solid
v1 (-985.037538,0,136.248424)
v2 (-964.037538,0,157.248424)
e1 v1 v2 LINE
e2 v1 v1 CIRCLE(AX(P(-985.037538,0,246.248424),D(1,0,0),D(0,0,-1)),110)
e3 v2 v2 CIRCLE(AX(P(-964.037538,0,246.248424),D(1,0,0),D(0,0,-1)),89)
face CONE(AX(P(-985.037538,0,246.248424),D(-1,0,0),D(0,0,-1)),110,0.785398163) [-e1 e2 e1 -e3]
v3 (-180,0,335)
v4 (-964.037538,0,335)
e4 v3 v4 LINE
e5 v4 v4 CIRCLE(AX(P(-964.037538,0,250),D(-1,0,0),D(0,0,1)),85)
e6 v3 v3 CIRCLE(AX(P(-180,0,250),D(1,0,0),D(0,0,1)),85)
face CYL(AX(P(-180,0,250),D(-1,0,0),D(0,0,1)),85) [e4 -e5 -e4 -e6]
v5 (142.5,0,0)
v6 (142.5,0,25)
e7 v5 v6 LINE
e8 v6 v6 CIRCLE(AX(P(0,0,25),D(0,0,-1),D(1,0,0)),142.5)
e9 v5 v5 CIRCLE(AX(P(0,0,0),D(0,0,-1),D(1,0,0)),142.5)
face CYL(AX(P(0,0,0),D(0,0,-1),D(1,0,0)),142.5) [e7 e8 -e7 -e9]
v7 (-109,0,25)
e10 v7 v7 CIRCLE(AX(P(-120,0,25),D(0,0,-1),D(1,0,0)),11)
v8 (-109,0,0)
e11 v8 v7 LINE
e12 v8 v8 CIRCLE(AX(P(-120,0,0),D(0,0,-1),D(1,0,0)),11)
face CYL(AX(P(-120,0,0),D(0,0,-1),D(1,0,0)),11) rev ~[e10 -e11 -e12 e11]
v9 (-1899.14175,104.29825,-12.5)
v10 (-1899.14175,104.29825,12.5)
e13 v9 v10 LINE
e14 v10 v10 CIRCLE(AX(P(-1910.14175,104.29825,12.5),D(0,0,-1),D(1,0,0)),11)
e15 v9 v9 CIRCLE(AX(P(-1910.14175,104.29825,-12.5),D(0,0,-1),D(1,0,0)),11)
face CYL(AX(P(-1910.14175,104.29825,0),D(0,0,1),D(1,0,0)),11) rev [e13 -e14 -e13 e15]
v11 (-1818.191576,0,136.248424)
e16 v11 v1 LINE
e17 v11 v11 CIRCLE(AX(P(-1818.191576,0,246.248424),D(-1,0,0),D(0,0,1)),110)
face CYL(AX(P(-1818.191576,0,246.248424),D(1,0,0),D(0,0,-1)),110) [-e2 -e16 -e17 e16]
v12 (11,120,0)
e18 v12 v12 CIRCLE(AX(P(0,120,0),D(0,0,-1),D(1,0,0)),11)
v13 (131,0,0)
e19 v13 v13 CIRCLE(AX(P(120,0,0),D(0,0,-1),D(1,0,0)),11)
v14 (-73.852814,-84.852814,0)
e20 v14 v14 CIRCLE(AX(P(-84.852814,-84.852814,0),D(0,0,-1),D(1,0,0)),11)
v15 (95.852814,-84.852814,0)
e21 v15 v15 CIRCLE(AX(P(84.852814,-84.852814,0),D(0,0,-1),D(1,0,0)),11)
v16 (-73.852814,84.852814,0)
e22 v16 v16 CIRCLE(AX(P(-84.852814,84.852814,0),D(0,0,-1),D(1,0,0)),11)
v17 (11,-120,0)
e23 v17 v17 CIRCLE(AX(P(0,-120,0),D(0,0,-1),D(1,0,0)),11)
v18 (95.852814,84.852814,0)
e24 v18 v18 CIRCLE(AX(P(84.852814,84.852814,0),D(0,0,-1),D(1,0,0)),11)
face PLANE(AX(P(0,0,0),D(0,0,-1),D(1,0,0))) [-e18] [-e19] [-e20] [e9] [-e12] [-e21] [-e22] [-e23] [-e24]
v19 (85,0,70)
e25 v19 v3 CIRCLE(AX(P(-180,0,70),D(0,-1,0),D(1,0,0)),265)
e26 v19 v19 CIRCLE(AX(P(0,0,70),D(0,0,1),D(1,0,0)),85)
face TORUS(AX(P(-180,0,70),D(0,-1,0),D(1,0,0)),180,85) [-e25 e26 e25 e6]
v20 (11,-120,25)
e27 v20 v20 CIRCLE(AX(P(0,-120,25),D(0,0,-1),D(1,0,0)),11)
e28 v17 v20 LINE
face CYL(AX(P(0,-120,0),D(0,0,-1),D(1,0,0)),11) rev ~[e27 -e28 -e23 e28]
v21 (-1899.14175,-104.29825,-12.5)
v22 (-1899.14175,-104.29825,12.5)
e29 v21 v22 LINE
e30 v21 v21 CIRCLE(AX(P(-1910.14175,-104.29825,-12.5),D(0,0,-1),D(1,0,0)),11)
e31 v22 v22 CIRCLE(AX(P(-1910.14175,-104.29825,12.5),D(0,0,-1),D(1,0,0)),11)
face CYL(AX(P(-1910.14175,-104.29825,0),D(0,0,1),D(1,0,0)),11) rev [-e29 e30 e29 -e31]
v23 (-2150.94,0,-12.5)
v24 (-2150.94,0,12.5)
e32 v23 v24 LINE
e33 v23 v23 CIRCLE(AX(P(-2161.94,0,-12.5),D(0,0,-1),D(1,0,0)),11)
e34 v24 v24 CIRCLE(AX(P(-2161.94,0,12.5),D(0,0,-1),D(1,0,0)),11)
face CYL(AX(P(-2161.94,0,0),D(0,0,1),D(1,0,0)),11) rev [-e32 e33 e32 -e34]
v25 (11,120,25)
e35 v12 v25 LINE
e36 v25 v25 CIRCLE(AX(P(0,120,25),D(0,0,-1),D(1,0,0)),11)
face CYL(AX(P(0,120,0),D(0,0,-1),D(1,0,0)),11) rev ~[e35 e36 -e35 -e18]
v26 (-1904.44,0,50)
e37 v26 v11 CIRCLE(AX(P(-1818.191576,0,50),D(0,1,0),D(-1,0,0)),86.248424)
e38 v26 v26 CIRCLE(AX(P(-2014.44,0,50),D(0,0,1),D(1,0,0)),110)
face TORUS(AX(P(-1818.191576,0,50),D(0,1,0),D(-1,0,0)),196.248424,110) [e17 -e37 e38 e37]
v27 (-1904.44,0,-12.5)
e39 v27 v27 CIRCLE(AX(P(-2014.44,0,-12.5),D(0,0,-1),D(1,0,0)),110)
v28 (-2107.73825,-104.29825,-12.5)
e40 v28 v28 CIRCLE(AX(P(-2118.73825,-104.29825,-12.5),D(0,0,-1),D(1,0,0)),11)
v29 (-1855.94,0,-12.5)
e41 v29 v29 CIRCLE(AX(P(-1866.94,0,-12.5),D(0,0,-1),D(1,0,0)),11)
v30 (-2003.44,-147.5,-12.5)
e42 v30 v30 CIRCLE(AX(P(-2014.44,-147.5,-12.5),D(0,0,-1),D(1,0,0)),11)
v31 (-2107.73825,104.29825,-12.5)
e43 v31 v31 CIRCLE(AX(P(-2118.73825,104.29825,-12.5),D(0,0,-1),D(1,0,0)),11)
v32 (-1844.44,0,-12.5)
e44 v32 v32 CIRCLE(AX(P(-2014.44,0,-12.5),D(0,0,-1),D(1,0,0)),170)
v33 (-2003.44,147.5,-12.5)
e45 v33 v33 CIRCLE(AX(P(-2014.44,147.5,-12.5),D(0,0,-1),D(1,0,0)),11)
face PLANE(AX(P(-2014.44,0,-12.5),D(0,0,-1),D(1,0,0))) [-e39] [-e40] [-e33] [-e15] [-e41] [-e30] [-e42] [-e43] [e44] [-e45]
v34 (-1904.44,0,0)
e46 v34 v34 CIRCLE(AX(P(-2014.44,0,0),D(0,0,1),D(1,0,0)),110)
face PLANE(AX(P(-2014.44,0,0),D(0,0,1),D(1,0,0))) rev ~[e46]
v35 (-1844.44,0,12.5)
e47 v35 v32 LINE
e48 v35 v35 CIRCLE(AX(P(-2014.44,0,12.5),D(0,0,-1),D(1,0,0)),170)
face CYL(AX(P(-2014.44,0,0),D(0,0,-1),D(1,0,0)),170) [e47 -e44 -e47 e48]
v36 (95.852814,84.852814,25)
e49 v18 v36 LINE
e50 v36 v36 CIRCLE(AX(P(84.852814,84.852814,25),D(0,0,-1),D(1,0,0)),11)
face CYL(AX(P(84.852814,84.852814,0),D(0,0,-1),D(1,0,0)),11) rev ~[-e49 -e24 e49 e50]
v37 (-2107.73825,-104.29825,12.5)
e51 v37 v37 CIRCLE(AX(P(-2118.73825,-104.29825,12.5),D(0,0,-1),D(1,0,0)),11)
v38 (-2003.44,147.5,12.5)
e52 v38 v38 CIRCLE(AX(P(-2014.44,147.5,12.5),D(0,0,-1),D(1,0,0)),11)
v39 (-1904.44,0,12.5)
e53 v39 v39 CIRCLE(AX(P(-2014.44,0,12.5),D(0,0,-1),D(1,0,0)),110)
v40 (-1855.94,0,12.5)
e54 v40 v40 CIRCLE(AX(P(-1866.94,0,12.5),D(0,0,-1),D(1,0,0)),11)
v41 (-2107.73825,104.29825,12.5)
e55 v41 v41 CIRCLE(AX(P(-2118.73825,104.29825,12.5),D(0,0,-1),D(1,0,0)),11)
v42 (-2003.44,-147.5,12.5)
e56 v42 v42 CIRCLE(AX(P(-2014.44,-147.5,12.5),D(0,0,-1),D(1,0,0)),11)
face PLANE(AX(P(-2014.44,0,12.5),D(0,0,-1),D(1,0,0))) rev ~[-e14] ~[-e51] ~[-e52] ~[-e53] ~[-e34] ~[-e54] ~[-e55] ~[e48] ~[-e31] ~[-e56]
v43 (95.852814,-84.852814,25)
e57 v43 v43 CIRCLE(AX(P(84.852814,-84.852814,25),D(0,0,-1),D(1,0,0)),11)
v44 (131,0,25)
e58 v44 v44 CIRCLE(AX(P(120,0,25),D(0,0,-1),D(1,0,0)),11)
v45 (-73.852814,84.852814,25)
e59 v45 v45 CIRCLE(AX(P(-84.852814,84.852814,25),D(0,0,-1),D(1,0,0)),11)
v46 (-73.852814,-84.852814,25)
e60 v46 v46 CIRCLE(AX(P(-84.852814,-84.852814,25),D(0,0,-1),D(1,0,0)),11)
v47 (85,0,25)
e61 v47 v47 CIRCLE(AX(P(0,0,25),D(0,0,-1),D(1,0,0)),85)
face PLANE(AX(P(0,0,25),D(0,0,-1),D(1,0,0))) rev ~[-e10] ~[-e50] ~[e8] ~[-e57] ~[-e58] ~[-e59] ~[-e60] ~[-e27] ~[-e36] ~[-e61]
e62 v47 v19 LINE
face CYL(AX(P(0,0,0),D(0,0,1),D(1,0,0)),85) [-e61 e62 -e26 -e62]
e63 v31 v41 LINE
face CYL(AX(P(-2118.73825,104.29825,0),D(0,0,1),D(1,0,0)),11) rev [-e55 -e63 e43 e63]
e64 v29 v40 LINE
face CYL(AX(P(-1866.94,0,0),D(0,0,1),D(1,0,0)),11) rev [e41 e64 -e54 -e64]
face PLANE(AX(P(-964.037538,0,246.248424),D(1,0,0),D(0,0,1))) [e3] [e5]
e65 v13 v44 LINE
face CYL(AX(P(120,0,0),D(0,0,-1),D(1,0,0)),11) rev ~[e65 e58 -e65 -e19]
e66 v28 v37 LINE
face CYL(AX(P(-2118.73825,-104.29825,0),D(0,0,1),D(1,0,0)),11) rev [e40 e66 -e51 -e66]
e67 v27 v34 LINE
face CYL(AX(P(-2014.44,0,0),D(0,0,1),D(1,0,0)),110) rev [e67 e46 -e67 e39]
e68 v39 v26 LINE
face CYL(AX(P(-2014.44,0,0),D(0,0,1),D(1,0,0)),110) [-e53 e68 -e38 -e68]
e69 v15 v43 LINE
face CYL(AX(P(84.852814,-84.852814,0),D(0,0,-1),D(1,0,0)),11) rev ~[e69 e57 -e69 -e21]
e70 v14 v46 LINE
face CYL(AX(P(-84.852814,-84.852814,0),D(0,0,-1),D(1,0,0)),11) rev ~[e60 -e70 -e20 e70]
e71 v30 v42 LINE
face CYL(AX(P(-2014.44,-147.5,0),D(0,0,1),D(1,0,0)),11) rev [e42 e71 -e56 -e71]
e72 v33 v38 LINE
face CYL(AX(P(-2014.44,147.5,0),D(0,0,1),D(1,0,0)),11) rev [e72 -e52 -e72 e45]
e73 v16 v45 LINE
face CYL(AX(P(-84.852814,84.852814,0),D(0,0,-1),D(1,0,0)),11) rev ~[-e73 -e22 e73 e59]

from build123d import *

# Parameters (mm, degrees)
F0_R      = 85
F3_R      = 142.5
F3_R_2    = 11
F3_R_3    = 85
F4_DEPTH  = 25
F5_R      = 110
F8_SIZE   = 21
F9_R      = 170
F9_R_2    = 11
F9_R_3    = 110
F10_DEPTH = 12.5


with BuildPart() as f2:
    # F2: sweep along a path in F1
    with BuildLine(Plane.XZ) as f2_path:
        Line((0, 0), (0, 70))
        ThreePointArc((0, 70), (-52.7207793864, 197.2792206136), (-180, 250))
        Line((-180, 250), (-1000, 250))
    # F0 (on Top) → F2 (sweep)
    with BuildSketch(Plane.XY):
        Circle(F0_R)
    sweep(path=f2_path.line)

    # F3 (on face) → F4 (join)
    with BuildSketch(Plane(origin=(0, 0, 0), x_dir=(1, 0, 0), z_dir=(0, 0, -1))):
        Circle(F3_R)
        with Locations((-84.8528137424, -84.8528137424)):
            Circle(F3_R_2, mode=Mode.SUBTRACT)
        with Locations((0, -120)):
            Circle(F3_R_2, mode=Mode.SUBTRACT)
        with Locations((84.8528137424, -84.8528137424)):
            Circle(F3_R_2, mode=Mode.SUBTRACT)
        with Locations((-120, 0)):
            Circle(F3_R_2, mode=Mode.SUBTRACT)
        with Locations((-84.8528137424, 84.8528137424)):
            Circle(F3_R_2, mode=Mode.SUBTRACT)
        Circle(F3_R_3, mode=Mode.SUBTRACT)
        with Locations((120, 0)):
            Circle(F3_R_2, mode=Mode.SUBTRACT)
        with Locations((0, 120)):
            Circle(F3_R_2, mode=Mode.SUBTRACT)
        with Locations((84.8528137424, 84.8528137424)):
            Circle(F3_R_2, mode=Mode.SUBTRACT)
    extrude(amount=-F4_DEPTH)

    # F7: sweep along a path in F6
    with BuildLine(Plane.XZ) as f7_path:
        Line((-2018.191576004, 0), (-2018.191576004, 50))
        ThreePointArc((-2018.191576004, 50), (-1959.6129322413, 191.4213562373), (-1818.191576004, 250))
        Line((-1818.191576004, 250), (-964.0375375748, 250))
    # F5 (on Top) → F7 (sweep)
    with BuildSketch(Plane.XY):
        with Locations((-2014.44, 0)):
            Circle(F5_R)
    sweep(path=f7_path.line)

    # F8
    f8_edges = [f2.edges().sort_by_distance(p)[0] for p in [
        (-964.037538, 0, 356.248424),
    ]]
    chamfer(f8_edges, length=F8_SIZE)

    # F9 (on face) → F10 (join, symmetric)
    with BuildSketch(Plane(origin=(0, 0, 0), x_dir=(1, 0, 0), z_dir=(0, 0, -1))):
        with Locations((-2014.44, 0)):
            Circle(F9_R)
        with Locations((-2118.738250225, -104.298250225)):
            Circle(F9_R_2, mode=Mode.SUBTRACT)
        with Locations((-2014.44, -147.5)):
            Circle(F9_R_2, mode=Mode.SUBTRACT)
        with Locations((-1910.141749775, -104.298250225)):
            Circle(F9_R_2, mode=Mode.SUBTRACT)
        with Locations((-2161.94, 0)):
            Circle(F9_R_2, mode=Mode.SUBTRACT)
        with Locations((-2118.738250225, 104.298250225)):
            Circle(F9_R_2, mode=Mode.SUBTRACT)
        with Locations((-2014.44, 0)):
            Circle(F9_R_3, mode=Mode.SUBTRACT)
        with Locations((-1866.94, 0)):
            Circle(F9_R_2, mode=Mode.SUBTRACT)
        with Locations((-2014.44, 147.5)):
            Circle(F9_R_2, mode=Mode.SUBTRACT)
        with Locations((-1910.141749775, 104.298250225)):
            Circle(F9_R_2, mode=Mode.SUBTRACT)
    extrude(amount=F10_DEPTH, both=True)


solid = f2.part
